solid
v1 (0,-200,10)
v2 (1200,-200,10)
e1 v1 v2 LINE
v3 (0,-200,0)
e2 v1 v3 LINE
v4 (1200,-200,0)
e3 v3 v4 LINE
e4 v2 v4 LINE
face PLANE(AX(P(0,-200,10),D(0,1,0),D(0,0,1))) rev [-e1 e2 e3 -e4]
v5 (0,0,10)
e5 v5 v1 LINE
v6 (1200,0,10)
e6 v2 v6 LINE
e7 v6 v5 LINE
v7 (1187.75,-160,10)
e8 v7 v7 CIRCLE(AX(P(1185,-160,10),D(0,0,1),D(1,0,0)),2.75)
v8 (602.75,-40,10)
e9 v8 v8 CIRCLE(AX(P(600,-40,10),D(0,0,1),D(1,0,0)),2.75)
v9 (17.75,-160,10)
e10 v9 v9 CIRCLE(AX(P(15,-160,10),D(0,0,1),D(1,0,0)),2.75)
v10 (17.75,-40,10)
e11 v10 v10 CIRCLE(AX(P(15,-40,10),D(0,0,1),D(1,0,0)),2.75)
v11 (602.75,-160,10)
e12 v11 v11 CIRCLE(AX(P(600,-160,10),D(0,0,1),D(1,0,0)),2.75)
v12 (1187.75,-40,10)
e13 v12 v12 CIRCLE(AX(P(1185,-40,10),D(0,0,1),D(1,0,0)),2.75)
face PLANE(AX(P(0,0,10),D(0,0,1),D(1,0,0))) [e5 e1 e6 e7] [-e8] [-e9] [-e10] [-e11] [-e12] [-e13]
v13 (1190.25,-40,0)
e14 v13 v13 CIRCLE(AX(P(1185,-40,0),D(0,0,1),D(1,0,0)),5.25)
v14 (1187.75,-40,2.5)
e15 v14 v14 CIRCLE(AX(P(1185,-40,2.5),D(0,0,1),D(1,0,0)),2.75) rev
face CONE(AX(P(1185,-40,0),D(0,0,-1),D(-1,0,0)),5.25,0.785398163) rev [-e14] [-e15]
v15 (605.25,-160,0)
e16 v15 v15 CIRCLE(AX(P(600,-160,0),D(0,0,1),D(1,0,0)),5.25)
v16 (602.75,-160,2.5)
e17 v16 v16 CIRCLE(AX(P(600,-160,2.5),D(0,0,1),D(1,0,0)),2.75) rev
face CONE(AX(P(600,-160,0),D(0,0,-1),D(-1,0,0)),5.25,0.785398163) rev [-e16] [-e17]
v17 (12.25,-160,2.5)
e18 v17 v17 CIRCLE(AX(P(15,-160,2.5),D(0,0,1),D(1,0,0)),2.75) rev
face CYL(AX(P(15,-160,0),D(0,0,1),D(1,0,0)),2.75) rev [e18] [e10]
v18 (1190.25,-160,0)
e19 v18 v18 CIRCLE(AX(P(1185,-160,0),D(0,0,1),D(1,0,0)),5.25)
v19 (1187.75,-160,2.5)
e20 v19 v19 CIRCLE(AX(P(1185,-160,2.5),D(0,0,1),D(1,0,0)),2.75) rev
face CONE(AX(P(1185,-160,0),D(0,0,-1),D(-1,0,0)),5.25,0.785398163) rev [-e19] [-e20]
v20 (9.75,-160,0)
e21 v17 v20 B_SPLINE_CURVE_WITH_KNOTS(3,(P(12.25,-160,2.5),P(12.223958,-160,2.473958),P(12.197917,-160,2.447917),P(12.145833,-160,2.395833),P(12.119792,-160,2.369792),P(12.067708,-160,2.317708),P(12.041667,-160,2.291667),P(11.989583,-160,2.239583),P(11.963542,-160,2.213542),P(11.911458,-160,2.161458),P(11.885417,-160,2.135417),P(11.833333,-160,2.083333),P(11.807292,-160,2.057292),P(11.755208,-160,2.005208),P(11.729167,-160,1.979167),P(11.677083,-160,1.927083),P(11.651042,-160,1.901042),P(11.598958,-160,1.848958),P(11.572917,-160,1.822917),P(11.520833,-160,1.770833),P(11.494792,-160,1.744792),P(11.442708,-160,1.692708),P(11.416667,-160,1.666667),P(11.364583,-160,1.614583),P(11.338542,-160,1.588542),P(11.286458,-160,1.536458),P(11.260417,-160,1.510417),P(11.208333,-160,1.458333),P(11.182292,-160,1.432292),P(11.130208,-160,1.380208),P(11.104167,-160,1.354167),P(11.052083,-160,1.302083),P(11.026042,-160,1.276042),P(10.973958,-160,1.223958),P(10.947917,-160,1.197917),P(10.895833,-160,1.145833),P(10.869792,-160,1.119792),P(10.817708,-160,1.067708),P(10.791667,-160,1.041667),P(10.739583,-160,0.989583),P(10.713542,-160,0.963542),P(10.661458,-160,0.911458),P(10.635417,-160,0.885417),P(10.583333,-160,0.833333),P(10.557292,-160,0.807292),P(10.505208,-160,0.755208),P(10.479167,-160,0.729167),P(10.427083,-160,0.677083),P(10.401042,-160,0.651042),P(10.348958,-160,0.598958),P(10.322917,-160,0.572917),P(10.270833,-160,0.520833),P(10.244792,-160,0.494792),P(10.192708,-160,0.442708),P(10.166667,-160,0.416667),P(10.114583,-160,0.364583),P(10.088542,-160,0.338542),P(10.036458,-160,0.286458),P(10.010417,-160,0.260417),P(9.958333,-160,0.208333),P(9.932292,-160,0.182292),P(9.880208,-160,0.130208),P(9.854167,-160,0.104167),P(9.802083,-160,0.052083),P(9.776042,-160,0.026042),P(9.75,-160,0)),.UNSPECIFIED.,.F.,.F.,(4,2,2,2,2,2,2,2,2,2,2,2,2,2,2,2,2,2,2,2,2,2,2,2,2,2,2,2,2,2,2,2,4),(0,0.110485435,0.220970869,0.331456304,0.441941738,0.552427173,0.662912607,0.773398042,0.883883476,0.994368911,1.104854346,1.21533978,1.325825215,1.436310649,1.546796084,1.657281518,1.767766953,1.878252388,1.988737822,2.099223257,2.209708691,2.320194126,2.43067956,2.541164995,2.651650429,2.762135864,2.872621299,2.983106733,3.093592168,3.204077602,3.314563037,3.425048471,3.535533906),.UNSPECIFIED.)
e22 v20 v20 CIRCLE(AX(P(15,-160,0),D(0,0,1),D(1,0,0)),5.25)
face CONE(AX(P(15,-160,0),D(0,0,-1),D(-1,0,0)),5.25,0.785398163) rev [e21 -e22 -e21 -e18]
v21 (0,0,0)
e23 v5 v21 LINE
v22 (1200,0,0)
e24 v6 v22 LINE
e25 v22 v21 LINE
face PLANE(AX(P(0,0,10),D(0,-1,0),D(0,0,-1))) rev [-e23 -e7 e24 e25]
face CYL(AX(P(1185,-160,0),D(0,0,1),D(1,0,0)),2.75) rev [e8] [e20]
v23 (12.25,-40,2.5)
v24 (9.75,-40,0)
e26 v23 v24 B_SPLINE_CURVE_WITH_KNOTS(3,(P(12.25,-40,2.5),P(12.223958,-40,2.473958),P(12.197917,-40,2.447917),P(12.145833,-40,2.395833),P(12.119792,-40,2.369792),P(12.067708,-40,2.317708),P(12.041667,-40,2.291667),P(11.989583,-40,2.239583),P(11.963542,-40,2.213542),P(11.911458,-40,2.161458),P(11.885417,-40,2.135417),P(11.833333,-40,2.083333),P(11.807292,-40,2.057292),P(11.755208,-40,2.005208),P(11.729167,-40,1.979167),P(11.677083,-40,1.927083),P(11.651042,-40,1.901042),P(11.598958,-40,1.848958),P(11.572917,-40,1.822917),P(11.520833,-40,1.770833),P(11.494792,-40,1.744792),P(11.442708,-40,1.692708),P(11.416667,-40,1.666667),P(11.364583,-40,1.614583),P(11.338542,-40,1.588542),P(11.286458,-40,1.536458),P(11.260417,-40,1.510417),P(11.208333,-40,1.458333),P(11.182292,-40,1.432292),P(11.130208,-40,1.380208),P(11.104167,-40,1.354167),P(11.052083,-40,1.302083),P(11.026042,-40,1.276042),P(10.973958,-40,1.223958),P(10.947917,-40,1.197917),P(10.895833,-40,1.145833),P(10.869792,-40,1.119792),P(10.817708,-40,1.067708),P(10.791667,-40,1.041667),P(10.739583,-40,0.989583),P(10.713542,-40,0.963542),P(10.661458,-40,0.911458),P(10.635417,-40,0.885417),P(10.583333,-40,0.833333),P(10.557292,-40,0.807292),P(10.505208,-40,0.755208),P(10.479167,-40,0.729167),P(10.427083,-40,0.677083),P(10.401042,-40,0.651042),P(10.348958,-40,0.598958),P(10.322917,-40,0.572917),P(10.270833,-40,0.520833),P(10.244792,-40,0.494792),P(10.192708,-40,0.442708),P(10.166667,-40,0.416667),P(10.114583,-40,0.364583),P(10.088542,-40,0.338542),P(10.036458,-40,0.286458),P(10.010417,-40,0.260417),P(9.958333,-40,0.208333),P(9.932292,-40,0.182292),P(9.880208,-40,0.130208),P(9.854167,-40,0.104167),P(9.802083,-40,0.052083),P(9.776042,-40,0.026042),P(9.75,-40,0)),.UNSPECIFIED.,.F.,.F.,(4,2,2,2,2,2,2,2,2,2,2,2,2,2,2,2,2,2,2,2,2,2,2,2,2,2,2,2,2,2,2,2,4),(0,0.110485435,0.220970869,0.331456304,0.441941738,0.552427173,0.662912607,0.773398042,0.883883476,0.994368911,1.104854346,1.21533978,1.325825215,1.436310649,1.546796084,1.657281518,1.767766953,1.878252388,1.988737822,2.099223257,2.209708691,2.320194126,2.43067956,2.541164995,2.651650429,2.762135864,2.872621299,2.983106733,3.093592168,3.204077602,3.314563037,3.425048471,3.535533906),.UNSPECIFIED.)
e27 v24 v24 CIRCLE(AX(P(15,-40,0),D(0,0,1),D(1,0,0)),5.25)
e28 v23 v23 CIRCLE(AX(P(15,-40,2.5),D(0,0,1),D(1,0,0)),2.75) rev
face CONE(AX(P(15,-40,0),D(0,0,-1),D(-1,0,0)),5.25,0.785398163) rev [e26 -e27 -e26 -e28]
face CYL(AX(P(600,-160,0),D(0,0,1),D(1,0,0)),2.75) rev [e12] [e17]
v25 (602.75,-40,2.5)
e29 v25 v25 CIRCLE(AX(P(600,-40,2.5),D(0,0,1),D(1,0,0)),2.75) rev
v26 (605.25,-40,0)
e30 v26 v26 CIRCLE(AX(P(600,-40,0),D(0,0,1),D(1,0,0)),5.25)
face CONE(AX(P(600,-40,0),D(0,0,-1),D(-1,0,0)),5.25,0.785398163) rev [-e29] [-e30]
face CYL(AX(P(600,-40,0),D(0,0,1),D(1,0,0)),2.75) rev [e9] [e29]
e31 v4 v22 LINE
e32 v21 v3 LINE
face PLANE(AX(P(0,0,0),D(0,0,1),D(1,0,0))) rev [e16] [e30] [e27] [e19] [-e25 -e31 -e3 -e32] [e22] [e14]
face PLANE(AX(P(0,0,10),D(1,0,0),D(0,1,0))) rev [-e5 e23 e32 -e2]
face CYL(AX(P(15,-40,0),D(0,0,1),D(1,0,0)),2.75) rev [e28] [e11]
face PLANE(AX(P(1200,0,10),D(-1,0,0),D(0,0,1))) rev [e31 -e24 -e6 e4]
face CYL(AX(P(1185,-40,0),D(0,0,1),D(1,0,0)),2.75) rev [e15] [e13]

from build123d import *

# Parameters (mm, degrees)
ESQUISSE1_W             = 1200
ESQUISSE1_H             = 200
BOSS_EXTRU_1_DEPTH      = 10
ESQUISSE2_R             = 2.75
ENL_V_MAT_EXTRU_1_DEPTH = 10
CHANFREIN1_SIZE         = 2.5


with BuildPart() as part:
    # Esquisse1 → Boss.-Extru.1 (new body)
    with BuildSketch(Plane.XY):
        with Locations((600, -100)):
            Rectangle(ESQUISSE1_W, ESQUISSE1_H)
    extrude(amount=BOSS_EXTRU_1_DEPTH)

    # Esquisse2 → Enlèv. mat.-Extru.1 (cut)
    with BuildSketch(Plane.XY.offset(10)):
        with Locations((15, -40)):
            Circle(ESQUISSE2_R)
        with Locations((15, -160)):
            Circle(ESQUISSE2_R)
        with Locations((1185, -40)):
            Circle(ESQUISSE2_R)
        with Locations((1185, -160)):
            Circle(ESQUISSE2_R)
        with Locations((600, -40)):
            Circle(ESQUISSE2_R)
        with Locations((600, -160)):
            Circle(ESQUISSE2_R)
    extrude(amount=-ENL_V_MAT_EXTRU_1_DEPTH, mode=Mode.SUBTRACT)

    # Chanfrein1
    chanfrein1_edges = [part.edges().sort_by_distance(p)[0] for p in [
        (12.25, -40, 0),
        (597.25, -160, 0),
        (597.25, -40, 0),
        (1182.25, -160, 0),
        (1182.25, -40, 0),
        (12.25, -160, 0),
    ]]
    chamfer(chanfrein1_edges, length=CHANFREIN1_SIZE)


solid = part.part
